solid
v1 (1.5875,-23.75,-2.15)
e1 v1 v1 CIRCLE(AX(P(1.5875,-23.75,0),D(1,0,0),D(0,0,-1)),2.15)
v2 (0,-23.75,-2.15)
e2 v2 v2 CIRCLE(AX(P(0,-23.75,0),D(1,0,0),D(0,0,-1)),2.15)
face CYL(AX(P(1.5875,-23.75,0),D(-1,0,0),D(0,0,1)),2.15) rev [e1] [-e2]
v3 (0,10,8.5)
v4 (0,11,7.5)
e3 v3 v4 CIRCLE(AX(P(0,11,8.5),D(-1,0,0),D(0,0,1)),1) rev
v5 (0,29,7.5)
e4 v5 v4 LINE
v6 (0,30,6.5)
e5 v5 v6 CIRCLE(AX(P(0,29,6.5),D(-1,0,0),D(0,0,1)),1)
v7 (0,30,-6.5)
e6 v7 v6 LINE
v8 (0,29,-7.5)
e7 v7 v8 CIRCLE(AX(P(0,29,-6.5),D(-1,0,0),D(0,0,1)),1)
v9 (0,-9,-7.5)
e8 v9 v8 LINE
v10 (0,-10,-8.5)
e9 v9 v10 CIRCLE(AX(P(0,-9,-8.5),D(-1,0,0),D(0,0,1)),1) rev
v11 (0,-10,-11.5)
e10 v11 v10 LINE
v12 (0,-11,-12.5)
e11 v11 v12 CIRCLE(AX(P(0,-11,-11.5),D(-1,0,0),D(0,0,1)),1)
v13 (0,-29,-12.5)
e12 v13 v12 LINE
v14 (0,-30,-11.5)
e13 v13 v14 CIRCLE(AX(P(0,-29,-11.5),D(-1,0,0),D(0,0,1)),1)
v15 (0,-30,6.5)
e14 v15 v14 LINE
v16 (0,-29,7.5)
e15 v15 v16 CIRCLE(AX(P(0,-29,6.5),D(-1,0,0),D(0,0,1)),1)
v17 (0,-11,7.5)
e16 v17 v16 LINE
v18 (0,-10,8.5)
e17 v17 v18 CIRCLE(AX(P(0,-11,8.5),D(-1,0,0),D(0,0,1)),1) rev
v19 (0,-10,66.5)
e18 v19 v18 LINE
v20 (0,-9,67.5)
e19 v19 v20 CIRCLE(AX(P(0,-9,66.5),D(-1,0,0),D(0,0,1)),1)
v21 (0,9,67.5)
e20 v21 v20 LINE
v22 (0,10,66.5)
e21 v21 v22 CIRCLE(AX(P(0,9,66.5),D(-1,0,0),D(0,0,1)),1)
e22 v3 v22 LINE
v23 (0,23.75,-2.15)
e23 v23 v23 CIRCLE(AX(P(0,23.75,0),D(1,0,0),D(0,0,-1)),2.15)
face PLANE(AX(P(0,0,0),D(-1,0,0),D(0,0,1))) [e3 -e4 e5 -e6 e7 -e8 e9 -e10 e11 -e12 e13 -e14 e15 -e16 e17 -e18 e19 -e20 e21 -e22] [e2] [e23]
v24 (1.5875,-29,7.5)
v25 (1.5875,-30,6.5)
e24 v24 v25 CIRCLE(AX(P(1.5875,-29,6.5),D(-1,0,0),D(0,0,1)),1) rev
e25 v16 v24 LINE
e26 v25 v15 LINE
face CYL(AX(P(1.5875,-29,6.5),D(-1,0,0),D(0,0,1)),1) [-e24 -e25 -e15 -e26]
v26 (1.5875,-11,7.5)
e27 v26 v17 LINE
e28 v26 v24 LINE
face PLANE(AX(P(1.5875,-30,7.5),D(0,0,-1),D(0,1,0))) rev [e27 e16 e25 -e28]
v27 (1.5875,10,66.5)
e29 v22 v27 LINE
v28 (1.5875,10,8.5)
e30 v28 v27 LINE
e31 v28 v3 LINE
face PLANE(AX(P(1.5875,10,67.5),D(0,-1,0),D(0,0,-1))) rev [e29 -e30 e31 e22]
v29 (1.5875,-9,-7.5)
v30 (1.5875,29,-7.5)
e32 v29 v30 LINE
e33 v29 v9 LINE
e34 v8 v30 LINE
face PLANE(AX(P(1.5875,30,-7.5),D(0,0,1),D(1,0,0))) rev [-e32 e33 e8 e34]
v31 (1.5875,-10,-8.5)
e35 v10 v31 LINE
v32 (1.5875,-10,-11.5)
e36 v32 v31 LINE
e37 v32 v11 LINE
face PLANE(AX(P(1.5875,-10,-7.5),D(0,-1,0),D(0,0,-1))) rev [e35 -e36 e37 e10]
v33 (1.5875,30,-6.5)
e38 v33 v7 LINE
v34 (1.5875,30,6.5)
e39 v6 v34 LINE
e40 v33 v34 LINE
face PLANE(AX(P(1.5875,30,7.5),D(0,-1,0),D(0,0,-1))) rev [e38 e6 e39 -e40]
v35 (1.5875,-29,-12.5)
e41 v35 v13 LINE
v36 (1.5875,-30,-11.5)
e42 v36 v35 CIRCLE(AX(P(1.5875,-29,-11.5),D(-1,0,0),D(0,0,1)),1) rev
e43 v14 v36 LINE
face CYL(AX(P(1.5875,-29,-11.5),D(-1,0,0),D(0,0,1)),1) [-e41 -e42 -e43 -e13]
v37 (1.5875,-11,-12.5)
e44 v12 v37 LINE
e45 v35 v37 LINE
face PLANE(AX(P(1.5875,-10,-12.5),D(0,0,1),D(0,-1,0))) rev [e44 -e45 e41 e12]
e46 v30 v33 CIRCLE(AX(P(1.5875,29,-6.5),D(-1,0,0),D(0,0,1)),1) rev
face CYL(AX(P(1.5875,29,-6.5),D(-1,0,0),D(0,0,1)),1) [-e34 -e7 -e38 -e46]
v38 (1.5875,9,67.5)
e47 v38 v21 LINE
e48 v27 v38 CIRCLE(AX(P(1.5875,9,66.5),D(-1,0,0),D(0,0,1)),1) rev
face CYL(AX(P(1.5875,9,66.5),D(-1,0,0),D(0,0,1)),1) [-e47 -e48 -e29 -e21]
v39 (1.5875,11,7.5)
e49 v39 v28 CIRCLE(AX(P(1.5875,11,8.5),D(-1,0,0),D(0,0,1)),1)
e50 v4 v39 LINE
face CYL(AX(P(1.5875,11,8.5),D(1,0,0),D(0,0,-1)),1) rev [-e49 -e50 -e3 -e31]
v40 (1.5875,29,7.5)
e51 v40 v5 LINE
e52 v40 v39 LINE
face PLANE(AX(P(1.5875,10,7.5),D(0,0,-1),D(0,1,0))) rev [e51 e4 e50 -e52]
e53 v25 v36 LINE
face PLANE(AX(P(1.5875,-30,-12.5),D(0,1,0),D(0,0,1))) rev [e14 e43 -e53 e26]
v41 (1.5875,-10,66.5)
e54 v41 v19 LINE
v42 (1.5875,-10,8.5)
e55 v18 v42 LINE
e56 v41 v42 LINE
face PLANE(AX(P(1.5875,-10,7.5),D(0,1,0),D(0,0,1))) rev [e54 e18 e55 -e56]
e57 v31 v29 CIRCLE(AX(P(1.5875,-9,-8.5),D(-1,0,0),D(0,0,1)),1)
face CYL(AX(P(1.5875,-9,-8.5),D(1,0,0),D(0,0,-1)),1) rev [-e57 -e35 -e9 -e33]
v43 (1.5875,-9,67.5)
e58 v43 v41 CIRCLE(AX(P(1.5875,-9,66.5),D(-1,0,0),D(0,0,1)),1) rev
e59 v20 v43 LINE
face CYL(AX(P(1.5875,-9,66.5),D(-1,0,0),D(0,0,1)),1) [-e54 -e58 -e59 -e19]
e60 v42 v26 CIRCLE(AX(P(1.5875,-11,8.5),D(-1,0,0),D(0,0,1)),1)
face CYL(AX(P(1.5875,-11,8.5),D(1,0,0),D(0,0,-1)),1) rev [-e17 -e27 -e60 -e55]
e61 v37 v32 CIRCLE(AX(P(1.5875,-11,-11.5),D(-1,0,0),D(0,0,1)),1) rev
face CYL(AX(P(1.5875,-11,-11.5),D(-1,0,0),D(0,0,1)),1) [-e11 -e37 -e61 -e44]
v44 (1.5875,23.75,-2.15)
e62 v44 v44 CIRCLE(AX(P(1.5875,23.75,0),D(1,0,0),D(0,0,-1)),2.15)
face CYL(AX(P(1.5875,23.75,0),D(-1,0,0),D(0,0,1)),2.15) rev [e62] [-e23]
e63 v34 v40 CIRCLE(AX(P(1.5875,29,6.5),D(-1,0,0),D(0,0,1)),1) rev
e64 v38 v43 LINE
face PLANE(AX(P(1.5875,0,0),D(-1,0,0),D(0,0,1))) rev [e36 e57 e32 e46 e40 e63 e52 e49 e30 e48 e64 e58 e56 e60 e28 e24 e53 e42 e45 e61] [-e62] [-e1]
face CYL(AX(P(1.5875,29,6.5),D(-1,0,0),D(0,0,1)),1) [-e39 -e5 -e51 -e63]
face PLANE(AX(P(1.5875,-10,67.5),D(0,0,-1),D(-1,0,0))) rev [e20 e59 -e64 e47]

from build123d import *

# Parameters (mm, degrees)
SKETCH1_R           = 2.15
BOSS_EXTRUDE1_DEPTH = 1.5875
FILLET1_R           = 1


with BuildPart() as part:
    # Sketch1 → Boss-Extrude1 (new body)
    with BuildSketch(Plane(origin=(0, 0, 0), x_dir=(0, 0, -1), z_dir=(1, 0, 0))):
        Polygon((-7.5, 30), (7.5, 30), (7.5, -10), (12.5, -10), (12.5, -30), (7.5, -30), (-7.5, -30), (-7.5, -10), (-67.5, -10), (-67.5, 10), (-7.5, 10), align=None)
        with Locations((0, 23.75)):
            Circle(SKETCH1_R, mode=Mode.SUBTRACT)
        with Locations((0, -23.75)):
            Circle(SKETCH1_R, mode=Mode.SUBTRACT)
    extrude(amount=BOSS_EXTRUDE1_DEPTH)

    # Fillet1
    fillet1_edges = [part.edges().sort_by_distance(p)[0] for p in [
        (0.79375, 30, 7.5),
        (0.79375, 30, -7.5),
        (0.79375, -10, -7.5),
        (0.79375, -10, -12.5),
        (0.79375, -30, -12.5),
        (0.79375, -30, 7.5),
        (0.79375, -10, 7.5),
        (0.79375, -10, 67.5),
        (0.79375, 10, 67.5),
        (0.79375, 10, 7.5),
    ]]
    fillet(fillet1_edges, radius=FILLET1_R)


solid = part.part
